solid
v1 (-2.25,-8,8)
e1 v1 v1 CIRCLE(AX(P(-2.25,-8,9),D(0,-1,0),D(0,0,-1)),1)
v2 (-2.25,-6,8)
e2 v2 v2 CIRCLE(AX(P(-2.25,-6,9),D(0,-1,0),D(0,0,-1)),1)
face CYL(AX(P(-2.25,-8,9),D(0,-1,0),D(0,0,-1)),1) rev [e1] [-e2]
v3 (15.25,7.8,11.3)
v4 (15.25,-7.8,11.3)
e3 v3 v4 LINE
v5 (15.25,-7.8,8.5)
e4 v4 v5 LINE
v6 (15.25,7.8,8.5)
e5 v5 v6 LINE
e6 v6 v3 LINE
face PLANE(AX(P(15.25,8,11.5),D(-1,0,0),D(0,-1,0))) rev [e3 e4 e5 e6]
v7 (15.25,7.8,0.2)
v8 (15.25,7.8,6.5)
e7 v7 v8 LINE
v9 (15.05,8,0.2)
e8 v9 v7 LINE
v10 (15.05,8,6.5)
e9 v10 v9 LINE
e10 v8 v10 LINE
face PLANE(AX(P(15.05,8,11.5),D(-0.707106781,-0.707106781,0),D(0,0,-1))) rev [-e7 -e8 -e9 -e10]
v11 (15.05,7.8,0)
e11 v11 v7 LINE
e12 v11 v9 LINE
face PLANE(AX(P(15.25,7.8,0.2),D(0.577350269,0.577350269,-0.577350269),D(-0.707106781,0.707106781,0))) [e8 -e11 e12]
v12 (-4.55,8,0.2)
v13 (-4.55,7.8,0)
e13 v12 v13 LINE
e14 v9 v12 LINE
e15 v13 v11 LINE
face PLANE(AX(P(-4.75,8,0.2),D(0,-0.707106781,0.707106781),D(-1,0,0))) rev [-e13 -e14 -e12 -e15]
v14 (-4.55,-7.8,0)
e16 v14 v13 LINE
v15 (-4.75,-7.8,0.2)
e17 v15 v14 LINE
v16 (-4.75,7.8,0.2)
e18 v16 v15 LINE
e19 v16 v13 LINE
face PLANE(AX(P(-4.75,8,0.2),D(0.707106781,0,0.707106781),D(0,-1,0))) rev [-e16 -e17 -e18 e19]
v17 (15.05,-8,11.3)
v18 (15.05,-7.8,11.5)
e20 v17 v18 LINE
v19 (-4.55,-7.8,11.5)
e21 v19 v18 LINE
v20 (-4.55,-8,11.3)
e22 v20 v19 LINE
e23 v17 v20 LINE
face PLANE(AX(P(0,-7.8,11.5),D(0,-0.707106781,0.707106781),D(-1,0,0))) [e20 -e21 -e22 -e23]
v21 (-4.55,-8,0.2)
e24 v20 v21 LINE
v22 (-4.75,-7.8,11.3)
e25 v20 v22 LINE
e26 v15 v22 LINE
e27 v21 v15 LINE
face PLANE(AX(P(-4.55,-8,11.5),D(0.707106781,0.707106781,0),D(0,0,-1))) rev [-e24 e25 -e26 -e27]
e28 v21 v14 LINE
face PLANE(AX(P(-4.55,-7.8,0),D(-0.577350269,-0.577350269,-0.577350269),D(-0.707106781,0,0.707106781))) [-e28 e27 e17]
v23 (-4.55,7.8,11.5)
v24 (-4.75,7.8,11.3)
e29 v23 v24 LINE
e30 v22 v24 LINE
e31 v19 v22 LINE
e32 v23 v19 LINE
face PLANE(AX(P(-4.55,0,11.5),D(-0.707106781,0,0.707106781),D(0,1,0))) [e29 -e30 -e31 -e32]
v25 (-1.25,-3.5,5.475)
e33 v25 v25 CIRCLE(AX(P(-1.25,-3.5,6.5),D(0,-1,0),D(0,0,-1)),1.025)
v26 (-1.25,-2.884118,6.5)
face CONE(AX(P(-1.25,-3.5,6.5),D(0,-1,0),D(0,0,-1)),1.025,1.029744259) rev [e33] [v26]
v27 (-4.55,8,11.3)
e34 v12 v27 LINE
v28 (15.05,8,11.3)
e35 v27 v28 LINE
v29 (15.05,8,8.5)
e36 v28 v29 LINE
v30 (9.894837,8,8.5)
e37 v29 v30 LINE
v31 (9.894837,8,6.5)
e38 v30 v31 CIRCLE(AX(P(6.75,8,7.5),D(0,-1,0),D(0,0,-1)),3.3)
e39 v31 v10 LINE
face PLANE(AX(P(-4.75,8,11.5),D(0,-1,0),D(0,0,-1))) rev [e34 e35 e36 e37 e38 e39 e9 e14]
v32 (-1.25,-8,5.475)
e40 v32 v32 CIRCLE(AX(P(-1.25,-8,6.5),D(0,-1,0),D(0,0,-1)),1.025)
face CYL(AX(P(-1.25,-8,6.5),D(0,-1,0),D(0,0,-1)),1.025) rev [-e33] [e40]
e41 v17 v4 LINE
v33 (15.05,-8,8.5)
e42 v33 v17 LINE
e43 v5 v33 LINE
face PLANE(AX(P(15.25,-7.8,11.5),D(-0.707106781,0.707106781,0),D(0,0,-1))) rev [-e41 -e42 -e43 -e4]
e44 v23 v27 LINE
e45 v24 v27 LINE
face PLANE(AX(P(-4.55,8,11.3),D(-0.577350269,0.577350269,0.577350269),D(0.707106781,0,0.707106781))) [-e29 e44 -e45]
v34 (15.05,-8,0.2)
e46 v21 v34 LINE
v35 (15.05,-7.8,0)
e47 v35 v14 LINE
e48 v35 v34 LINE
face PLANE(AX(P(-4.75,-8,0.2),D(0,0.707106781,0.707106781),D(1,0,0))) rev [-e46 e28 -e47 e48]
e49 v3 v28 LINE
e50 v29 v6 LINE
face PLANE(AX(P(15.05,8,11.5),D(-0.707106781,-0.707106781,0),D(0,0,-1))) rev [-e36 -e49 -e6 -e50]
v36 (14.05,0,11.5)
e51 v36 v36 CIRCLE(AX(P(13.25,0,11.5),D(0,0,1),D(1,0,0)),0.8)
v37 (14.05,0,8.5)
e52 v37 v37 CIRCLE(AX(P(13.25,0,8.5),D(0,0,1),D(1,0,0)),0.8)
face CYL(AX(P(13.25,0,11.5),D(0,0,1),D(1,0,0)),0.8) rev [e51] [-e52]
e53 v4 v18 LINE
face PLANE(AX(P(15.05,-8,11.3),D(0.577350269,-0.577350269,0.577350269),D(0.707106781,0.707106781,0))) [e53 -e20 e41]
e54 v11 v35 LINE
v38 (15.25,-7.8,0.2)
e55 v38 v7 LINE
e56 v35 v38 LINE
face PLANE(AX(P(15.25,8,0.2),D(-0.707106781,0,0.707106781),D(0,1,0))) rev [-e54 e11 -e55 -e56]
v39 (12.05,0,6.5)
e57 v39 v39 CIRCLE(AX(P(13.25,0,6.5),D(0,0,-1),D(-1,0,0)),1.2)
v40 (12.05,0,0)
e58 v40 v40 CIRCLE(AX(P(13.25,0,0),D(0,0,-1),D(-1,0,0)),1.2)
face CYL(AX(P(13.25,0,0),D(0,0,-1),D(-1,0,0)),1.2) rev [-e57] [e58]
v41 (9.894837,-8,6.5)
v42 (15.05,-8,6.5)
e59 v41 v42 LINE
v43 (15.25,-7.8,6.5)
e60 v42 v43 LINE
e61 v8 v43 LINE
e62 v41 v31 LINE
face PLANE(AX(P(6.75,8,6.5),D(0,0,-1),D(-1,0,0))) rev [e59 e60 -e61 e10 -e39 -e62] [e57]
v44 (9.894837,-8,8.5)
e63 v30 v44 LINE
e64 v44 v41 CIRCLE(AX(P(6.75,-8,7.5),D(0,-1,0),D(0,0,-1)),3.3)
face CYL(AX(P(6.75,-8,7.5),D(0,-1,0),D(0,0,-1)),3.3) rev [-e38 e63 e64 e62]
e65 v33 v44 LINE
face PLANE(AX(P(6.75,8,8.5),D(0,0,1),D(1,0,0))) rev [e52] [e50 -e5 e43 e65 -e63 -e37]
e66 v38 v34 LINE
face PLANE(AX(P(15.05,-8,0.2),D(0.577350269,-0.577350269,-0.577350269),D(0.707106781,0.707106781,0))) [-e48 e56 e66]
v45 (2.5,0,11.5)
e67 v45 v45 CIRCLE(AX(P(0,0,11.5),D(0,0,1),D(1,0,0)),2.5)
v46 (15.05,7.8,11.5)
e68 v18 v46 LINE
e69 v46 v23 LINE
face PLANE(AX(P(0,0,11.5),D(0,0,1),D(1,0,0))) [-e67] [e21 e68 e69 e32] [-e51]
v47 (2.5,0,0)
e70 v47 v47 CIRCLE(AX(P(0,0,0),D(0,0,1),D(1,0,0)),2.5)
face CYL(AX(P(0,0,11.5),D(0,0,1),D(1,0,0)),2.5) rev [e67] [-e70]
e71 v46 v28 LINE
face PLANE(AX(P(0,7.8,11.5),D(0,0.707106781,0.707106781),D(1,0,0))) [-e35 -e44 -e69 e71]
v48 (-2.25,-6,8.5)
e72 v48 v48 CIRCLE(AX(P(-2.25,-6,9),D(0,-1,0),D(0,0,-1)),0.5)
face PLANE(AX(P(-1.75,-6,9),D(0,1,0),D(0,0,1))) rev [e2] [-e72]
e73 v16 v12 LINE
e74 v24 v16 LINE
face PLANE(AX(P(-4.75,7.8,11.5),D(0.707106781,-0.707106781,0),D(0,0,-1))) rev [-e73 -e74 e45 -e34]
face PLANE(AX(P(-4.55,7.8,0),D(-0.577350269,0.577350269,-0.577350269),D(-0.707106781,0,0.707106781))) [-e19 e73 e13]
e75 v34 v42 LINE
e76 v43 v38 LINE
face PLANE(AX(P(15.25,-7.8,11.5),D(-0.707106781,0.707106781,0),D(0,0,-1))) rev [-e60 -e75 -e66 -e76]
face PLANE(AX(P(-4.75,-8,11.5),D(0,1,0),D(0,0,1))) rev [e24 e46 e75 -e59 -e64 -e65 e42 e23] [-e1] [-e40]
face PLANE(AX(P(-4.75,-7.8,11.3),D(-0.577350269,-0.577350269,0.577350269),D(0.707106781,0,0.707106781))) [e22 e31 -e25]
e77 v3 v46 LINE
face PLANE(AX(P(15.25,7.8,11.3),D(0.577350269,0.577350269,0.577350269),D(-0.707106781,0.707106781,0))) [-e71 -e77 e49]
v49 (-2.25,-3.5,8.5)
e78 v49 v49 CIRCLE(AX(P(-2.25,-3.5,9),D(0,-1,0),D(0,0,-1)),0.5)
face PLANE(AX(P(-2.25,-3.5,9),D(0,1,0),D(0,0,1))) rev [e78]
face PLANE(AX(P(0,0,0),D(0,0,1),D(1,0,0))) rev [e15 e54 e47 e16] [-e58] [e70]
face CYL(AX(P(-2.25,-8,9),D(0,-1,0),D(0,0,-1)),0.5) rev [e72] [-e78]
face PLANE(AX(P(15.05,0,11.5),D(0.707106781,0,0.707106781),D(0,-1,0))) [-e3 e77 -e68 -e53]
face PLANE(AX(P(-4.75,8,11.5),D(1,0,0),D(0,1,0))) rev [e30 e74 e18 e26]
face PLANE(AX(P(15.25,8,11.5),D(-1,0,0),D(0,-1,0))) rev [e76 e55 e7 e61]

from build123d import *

# Parameters (mm, degrees)
ESQUISSE1_W             = 20
ESQUISSE1_H             = 16
BOSS_EXTRU_1_DEPTH      = 11.5
TROU_TARAUD_M61_D       = 5
PER_AGE1_D              = 1
PER_AGE1_DEPTH          = 4.5
PER_AGE1_CBORE_D        = 2
PER_AGE1_CBORE_DEPTH    = 2
TROU_TARAUD_M2_51_D     = 2.05
TROU_TARAUD_M2_51_DEPTH = 4.5
TROU_TARAUD_M2_51_TIP   = 0.615882135
D_GAGEMENT_M61_D        = 6.6
ESQUISSE10_W            = 11.487199582
ESQUISSE10_H            = 2
ENL_V_MAT_EXTRU_1_DEPTH = 25.916109247
TROU_TARAUD_M21_D       = 1.6
TROU_TARAUD_M21_DEPTH   = 3
D_GAGEMENT_M21_D        = 2.4
D_GAGEMENT_M21_DEPTH    = 6.5
CHANFREIN1_SIZE         = 0.2


with BuildPart() as part:
    # Esquisse1 → Boss.-Extru.1 (new body)
    with BuildSketch(Plane.XY):
        with Locations((5.25, 0)):
            Rectangle(ESQUISSE1_W, ESQUISSE1_H)
    extrude(amount=BOSS_EXTRU_1_DEPTH)

    # Trou taraudé M61 (through all)
    with Locations(Plane.XY.offset(11.5)):
        with Locations((0, 0)):
            Hole(TROU_TARAUD_M61_D / 2)

    # Perçage1
    with Locations(Plane(origin=(0, -8, 0), x_dir=(-1, 0, 0), z_dir=(0, -1, 0))):
        with Locations((2.25, -9)):
            CounterBoreHole(PER_AGE1_D / 2, PER_AGE1_CBORE_D / 2, PER_AGE1_CBORE_DEPTH, depth=PER_AGE1_DEPTH)

    # Trou taraudé M2.51
    with Locations(Plane(origin=(0, -8, 0), x_dir=(-1, 0, 0), z_dir=(0, -1, 0))):
        with Locations((1.25, -6.5)):
            Hole(TROU_TARAUD_M2_51_D / 2, depth=TROU_TARAUD_M2_51_DEPTH)
            with Locations((0, 0, -(TROU_TARAUD_M2_51_DEPTH + TROU_TARAUD_M2_51_TIP / 2))):  # 118° drill point
                Cone(0, TROU_TARAUD_M2_51_D / 2, TROU_TARAUD_M2_51_TIP, mode=Mode.SUBTRACT)

    # Dégagement M61 (through all)
    with Locations(Plane(origin=(0, -8, 0), x_dir=(-1, 0, 0), z_dir=(0, -1, 0))):
        with Locations((-6.75, -7.5)):
            Hole(D_GAGEMENT_M61_D / 2)

    # Esquisse10 → Enlèv. mat.-Extru.1 (cut, through all)
    with BuildSketch(Plane.XZ.offset(8)):
        with Locations((12.493599791, 7.5)):
            Rectangle(ESQUISSE10_W, ESQUISSE10_H)
    extrude(amount=-ENL_V_MAT_EXTRU_1_DEPTH, mode=Mode.SUBTRACT)

    # Trou taraudé M21
    with Locations(Plane.XY.offset(11.5)):
        with Locations((13.25, 0)):
            Hole(TROU_TARAUD_M21_D / 2, depth=TROU_TARAUD_M21_DEPTH)

    # Dégagement M21
    with Locations(Plane(origin=(0, 0, 0), x_dir=(-1, 0, 0), z_dir=(0, 0, -1))):
        with Locations((-13.25, 0)):
            Hole(D_GAGEMENT_M21_D / 2, depth=D_GAGEMENT_M21_DEPTH)

    # Chanfrein1
    chanfrein1_edges = [part.edges().sort_by_distance(p)[0] for p in [
        (15.25, 0, 11.5),
        (5.25, 8, 11.5),
        (15.25, 8, 3.25),
        (15.25, -8, 3.25),
        (-4.75, 0, 11.5),
        (5.25, 8, 0),
        (15.25, 0, 0),
        (5.25, -8, 0),
        (-4.75, 0, 0),
        (5.25, -8, 11.5),
        (-4.75, 8, 5.75),
        (15.25, 8, 10),
        (15.25, -8, 10),
        (-4.75, -8, 5.75),
    ]]
    chamfer(chanfrein1_edges, length=CHANFREIN1_SIZE)


solid = part.part
